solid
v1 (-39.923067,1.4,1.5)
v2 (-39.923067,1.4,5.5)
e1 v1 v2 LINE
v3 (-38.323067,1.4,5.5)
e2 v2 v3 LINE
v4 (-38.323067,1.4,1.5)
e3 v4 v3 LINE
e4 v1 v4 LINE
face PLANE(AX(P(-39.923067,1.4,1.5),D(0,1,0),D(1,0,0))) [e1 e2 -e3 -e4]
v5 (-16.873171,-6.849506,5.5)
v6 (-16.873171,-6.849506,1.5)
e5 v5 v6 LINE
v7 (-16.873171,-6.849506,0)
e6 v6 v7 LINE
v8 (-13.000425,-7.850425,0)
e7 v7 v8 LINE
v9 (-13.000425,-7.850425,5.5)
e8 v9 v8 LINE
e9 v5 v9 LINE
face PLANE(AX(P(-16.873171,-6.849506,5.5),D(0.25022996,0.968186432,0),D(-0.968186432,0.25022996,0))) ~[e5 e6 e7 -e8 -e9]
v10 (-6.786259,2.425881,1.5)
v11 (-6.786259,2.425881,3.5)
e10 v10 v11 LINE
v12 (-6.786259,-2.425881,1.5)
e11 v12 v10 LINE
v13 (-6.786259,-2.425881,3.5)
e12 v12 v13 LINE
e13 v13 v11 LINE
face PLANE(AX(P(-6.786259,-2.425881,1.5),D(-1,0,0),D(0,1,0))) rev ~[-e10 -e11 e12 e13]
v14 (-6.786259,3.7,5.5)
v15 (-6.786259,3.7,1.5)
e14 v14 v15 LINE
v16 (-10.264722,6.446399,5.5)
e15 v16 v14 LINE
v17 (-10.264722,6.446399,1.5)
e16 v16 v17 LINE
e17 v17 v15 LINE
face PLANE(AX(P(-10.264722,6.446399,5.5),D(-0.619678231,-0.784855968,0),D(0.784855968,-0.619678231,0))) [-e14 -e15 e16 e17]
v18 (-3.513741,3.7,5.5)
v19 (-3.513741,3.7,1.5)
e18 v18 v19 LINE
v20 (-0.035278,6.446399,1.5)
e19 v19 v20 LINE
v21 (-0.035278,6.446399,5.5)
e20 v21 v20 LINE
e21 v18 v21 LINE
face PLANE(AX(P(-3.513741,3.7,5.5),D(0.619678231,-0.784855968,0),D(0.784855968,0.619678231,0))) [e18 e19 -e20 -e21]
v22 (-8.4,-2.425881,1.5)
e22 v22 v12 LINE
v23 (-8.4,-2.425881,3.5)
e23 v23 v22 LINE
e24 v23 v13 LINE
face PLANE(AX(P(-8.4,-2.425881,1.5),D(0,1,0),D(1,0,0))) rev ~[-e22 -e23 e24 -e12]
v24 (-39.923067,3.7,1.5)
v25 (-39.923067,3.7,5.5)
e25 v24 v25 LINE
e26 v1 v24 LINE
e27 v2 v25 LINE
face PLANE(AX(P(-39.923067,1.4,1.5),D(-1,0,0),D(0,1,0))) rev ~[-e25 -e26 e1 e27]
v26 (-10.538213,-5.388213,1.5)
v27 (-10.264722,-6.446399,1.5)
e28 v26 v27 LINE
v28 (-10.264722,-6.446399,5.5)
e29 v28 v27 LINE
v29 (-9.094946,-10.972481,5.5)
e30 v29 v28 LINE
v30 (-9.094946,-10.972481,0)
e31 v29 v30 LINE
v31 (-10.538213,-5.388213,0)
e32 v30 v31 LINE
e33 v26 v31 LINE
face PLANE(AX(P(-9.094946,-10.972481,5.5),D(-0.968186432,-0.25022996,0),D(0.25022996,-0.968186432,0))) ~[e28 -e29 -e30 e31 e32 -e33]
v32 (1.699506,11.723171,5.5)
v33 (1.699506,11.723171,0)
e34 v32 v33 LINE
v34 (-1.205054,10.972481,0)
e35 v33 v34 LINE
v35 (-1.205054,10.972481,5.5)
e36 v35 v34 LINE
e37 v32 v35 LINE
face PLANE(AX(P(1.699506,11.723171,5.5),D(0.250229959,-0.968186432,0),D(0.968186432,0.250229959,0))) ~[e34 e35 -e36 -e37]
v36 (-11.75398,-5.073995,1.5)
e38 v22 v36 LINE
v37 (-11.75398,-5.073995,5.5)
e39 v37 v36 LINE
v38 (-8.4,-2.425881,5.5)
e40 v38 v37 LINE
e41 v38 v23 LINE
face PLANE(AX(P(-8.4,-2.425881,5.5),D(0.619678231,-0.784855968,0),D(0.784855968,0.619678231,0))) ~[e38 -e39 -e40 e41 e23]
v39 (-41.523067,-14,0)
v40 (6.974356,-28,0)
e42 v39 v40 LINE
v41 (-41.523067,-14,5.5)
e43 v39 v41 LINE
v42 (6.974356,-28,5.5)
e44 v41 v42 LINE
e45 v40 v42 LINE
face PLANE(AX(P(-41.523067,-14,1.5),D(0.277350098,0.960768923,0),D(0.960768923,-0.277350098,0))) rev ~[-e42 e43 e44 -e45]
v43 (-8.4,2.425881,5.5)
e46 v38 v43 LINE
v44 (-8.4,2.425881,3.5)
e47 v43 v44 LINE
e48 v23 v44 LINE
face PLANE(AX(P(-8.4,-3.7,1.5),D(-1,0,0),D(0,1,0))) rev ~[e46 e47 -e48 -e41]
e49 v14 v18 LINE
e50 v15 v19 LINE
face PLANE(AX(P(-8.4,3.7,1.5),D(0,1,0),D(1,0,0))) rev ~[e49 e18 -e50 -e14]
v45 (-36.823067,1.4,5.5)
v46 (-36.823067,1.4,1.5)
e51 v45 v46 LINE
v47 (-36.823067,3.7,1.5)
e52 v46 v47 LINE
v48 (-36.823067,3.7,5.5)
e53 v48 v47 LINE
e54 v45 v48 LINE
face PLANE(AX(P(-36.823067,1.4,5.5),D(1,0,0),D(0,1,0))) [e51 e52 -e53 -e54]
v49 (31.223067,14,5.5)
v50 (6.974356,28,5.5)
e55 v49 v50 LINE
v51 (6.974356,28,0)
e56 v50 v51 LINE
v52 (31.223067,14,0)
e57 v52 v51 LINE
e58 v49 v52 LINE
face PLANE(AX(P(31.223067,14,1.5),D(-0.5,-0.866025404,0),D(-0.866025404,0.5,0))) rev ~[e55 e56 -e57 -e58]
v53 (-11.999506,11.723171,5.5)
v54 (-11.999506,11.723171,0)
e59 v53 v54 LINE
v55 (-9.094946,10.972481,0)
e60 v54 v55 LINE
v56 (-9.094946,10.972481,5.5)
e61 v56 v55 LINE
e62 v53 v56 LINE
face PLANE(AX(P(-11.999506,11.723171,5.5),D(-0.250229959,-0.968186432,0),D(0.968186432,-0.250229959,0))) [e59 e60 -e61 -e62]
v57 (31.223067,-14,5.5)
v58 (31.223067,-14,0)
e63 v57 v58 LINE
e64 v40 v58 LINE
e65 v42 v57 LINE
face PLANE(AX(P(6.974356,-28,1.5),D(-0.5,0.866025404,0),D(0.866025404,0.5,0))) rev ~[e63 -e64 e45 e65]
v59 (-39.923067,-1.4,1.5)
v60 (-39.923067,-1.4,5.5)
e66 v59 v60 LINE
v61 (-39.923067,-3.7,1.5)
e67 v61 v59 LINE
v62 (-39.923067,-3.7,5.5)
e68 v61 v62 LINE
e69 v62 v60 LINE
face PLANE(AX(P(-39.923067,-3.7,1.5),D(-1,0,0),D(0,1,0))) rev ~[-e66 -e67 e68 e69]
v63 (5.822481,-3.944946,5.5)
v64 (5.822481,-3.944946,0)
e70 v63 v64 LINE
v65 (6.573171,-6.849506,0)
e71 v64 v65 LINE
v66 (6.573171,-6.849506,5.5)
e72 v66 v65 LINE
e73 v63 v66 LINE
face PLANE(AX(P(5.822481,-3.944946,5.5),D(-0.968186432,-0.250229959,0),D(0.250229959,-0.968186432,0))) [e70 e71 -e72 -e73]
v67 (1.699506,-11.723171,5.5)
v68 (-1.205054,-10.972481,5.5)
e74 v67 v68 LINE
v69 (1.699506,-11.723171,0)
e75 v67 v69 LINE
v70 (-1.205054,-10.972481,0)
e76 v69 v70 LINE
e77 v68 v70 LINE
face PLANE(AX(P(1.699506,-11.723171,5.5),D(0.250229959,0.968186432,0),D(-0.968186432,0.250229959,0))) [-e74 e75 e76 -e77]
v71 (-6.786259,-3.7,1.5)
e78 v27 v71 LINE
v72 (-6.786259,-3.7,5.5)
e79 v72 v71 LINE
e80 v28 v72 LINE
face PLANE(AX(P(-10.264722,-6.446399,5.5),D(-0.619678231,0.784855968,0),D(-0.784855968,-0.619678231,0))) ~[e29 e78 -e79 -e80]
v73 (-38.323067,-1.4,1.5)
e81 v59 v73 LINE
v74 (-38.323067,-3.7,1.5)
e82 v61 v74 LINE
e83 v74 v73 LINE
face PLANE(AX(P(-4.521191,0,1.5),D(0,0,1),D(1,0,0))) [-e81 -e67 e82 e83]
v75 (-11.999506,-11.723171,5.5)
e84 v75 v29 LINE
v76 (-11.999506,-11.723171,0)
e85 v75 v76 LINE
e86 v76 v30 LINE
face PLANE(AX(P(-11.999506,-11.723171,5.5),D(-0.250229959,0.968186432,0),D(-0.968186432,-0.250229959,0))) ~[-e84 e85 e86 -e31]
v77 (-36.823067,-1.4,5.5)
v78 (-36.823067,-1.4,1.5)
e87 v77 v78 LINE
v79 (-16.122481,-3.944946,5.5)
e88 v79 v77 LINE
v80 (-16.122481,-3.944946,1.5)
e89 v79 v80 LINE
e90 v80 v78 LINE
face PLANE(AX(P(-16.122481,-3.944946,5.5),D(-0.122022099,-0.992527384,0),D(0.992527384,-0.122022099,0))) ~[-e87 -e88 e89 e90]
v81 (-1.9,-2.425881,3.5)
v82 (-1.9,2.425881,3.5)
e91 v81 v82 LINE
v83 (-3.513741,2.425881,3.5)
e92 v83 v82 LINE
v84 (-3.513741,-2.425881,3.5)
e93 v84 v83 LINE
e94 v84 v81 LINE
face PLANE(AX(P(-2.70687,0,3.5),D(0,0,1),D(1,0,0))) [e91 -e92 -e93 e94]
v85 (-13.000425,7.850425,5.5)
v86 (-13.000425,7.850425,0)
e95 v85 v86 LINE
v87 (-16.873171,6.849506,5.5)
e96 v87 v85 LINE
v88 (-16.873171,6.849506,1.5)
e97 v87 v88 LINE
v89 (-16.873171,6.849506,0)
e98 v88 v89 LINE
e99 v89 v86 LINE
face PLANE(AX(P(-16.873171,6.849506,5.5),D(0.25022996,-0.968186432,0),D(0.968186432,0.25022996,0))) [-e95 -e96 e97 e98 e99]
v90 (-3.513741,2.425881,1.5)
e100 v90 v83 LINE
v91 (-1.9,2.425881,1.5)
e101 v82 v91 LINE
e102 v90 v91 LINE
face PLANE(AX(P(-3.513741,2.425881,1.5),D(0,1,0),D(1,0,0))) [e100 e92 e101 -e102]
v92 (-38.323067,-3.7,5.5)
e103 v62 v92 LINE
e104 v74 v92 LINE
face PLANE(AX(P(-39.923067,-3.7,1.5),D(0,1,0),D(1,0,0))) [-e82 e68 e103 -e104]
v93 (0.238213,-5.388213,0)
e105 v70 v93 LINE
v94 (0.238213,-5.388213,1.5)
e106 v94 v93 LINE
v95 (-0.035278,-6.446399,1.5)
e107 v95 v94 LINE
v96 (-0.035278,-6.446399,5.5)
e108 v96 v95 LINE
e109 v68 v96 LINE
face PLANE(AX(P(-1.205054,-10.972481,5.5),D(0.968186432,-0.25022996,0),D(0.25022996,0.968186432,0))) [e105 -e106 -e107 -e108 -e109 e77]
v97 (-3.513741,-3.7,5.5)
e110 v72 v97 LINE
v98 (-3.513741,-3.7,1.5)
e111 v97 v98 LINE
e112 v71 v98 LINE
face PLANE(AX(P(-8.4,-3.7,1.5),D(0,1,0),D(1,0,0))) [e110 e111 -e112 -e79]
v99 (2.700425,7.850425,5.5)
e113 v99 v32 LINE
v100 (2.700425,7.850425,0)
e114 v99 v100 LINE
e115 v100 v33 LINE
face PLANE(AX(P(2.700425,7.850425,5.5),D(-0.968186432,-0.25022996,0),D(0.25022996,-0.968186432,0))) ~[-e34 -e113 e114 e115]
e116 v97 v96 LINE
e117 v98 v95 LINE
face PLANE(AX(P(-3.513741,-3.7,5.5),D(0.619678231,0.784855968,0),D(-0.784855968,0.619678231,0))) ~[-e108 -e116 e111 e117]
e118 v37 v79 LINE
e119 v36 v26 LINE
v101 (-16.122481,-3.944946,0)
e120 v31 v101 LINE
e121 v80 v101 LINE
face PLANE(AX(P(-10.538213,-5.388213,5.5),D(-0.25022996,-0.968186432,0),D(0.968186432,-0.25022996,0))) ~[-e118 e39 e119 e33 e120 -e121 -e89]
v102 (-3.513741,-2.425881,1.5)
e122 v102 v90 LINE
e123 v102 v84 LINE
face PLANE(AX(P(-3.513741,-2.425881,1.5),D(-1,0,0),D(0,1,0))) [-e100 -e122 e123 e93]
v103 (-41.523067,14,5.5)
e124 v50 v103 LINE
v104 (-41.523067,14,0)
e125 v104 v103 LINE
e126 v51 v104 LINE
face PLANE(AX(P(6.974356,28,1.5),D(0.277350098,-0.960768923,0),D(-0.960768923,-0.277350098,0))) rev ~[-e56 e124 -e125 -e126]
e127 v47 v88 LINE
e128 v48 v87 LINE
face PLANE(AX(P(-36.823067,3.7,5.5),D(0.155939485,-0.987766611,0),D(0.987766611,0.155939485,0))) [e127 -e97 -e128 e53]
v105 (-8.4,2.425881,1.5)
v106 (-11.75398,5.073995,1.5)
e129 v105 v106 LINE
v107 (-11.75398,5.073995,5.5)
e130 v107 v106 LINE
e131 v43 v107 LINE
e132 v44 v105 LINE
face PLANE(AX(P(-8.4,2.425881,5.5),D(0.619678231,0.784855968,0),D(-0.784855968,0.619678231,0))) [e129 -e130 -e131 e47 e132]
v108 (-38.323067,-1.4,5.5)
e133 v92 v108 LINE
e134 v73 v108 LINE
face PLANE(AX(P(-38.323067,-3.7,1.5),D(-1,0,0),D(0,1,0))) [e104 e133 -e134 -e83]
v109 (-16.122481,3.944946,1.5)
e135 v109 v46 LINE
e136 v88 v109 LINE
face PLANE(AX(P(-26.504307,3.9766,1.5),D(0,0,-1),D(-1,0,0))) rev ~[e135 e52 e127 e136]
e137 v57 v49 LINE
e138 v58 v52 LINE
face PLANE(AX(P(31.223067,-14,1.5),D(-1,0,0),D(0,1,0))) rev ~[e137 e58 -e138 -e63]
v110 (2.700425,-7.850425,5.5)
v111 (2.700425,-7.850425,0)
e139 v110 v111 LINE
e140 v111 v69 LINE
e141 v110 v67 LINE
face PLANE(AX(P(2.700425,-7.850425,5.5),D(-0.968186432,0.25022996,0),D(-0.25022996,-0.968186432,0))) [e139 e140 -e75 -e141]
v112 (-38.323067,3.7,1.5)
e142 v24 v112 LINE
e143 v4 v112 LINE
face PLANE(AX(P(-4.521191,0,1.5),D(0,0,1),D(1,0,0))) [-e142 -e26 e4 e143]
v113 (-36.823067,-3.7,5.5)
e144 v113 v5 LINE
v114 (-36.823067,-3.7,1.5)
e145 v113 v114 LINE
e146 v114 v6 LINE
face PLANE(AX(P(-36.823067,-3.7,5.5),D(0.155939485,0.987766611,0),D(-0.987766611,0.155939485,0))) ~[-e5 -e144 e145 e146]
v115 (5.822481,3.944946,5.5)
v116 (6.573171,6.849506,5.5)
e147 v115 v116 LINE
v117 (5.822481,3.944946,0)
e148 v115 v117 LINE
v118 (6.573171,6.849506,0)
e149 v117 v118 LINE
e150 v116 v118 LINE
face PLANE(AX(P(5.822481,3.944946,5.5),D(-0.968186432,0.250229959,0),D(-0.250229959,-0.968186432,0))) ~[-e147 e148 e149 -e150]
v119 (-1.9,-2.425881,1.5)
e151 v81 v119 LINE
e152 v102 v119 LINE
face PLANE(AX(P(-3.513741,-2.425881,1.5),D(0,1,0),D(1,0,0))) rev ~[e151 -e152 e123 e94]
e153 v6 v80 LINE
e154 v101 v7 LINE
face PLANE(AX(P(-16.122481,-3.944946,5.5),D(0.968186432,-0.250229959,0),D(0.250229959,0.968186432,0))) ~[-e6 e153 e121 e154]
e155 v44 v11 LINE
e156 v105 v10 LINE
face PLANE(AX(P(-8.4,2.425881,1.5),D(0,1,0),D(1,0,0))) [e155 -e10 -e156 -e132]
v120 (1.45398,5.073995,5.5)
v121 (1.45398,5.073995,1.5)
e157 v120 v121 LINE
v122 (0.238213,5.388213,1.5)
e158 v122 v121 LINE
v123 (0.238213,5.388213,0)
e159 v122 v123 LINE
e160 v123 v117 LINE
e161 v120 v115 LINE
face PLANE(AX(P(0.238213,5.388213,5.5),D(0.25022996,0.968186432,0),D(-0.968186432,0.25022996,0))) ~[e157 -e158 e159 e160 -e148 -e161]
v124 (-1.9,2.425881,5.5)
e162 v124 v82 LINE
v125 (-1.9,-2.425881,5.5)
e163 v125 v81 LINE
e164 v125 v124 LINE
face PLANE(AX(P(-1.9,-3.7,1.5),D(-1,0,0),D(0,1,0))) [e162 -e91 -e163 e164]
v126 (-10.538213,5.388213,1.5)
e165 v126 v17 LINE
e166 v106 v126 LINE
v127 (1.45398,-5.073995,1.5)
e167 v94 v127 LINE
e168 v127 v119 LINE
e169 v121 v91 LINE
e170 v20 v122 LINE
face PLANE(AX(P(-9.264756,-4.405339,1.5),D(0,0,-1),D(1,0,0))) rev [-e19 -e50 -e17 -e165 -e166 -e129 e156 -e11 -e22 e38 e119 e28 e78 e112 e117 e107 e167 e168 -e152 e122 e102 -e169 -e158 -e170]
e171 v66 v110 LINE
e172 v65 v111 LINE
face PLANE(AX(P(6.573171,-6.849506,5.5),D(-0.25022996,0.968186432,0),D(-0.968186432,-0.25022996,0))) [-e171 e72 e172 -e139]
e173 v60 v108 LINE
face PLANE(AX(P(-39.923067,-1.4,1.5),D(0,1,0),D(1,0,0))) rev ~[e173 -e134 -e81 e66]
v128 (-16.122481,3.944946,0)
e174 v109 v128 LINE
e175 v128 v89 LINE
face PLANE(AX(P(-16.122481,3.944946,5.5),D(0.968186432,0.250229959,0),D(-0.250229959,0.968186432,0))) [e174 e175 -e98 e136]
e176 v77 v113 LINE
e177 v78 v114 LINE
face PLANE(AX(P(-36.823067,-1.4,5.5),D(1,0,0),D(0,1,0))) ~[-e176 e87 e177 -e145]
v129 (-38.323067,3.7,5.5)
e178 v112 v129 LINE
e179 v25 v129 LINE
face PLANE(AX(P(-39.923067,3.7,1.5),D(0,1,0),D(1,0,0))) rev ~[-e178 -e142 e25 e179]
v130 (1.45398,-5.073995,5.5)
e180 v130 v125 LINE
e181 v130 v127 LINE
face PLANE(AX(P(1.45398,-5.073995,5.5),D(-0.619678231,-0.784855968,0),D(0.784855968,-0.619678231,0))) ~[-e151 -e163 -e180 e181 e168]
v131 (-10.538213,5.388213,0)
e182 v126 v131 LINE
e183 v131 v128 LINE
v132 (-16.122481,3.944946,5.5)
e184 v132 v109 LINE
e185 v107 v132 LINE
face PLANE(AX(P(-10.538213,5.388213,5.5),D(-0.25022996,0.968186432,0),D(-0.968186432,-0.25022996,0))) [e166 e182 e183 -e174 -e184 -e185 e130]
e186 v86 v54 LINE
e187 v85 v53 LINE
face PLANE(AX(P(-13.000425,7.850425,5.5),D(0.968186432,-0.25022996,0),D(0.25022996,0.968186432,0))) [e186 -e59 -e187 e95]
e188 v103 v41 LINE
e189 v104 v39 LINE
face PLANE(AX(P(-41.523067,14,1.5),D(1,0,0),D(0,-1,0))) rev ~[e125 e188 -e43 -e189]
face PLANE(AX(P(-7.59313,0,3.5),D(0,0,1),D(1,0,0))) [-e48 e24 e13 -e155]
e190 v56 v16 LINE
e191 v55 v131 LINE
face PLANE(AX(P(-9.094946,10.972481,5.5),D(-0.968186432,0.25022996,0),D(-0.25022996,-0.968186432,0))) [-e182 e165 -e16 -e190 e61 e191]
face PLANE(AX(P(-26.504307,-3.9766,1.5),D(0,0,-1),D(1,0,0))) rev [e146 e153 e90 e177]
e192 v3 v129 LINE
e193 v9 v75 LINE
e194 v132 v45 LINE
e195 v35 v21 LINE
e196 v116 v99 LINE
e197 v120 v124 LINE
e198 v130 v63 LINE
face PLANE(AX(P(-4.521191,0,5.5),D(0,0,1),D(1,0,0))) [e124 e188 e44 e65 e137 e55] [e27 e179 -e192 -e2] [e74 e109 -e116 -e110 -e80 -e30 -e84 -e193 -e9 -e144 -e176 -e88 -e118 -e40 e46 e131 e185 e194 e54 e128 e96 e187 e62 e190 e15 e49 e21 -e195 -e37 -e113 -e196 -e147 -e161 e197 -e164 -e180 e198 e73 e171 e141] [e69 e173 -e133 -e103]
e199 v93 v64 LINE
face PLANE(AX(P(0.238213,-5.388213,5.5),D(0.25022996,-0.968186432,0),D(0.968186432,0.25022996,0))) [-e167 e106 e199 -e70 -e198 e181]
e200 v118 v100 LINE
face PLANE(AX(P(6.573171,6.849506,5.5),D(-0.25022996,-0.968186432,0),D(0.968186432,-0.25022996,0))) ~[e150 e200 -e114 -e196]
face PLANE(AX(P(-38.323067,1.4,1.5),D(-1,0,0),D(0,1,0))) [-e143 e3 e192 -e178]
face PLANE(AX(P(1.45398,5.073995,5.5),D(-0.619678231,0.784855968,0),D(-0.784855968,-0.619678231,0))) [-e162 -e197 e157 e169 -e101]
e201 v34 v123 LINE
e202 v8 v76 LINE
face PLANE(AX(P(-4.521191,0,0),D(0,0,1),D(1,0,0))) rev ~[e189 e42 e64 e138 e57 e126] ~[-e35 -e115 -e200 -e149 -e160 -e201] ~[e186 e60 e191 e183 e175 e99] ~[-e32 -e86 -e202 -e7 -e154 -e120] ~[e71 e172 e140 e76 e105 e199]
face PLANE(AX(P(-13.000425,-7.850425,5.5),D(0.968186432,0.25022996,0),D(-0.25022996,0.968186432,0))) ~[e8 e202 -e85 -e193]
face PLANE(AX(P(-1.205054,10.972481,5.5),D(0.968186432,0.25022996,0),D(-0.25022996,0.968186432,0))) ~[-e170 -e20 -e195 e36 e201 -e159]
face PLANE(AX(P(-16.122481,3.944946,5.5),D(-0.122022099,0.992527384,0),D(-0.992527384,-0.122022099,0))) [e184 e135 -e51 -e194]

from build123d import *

# Parameters (mm, degrees)
BOSS_EXTRUDE1_DEPTH  = 1.5
BOSS_EXTRUDE2_START  = 1.5
SKETCH1_3_W          = 6.5
SKETCH1_3_H          = 7.4
SKETCH1_3_W_2        = 1.6
SKETCH1_3_H_2        = 2.3
BOSS_EXTRUDE2_DEPTH  = 4
CUT_EXTRUDE1_DEPTH   = 5.5
MIRROR2_COPY_1_DEPTH = 5.5
CUT_EXTRUDE2_DEPTH   = 4
SKETCH6_W            = 1.613740729
SKETCH6_H            = 4.851761748
BOSS_EXTRUDE3_DEPTH  = 2


with BuildPart() as part:
    # Sketch1 → Boss-Extrude1 (new body)
    with BuildSketch(Plane.XY):
        Polygon((6.974355653, -28), (31.223066959, -14), (31.223066959, 14), (6.974355653, 28), (-41.523066959, 14), (-41.523066959, -14), align=None)
    extrude(amount=BOSS_EXTRUDE1_DEPTH)

    # Sketch1<3> → Boss-Extrude2 (add)
    with BuildSketch(Plane.XY.offset(BOSS_EXTRUDE2_START)):
        Polygon((6.974355653, 28), (-41.523066959, 14), (-41.523066959, -14), (6.974355653, -28), (31.223066959, -14), (31.223066959, 14), align=None)
        with Locations((-5.15, 0)):
            Rectangle(SKETCH1_3_W, SKETCH1_3_H, mode=Mode.SUBTRACT)
        with Locations((-39.123066959, -2.55)):
            Rectangle(SKETCH1_3_W_2, SKETCH1_3_H_2, mode=Mode.SUBTRACT)
        with Locations((-39.123066959, 2.55)):
            Rectangle(SKETCH1_3_W_2, SKETCH1_3_H_2, mode=Mode.SUBTRACT)
    extrude(amount=BOSS_EXTRUDE2_DEPTH)

    # WireCutExtrude → Cut-Extrude1 (cut)
    with BuildSketch(Plane.XY.offset(5.5)):
        Polygon((-9.094946311, 10.972481296), (-10.538213003, 5.388213003), (-16.122481296, 3.944946311), (-16.873171174, 6.849505608), (-13.000425446, 7.850425446), (-11.999505608, 11.723171174), align=None)
    cut_extrude1 = extrude(amount=-CUT_EXTRUDE1_DEPTH, mode=Mode.SUBTRACT)

    # Mirror1: Cut-Extrude1 across plane
    add(cut_extrude1.mirror(Plane(origin=(0, 0, 0), x_dir=(0, 0, 1), z_dir=(0, -1, 0))), mode=Mode.SUBTRACT)

    # Mirror2: Cut-Extrude1 across plane
    add(cut_extrude1.mirror(Plane(origin=(-5.15, 0, 0), x_dir=(0, 0, 1), z_dir=(1, 0, 0))), mode=Mode.SUBTRACT)

    # Mirror2 copy 1 sketch → Mirror2 copy 1 (cut)
    with BuildSketch(Plane(origin=(-10.3, 0, 5.5), x_dir=(-1, 0, 0), z_dir=(0, 0, 1))):
        Polygon((-9.094946311, 10.972481296), (-10.538213003, 5.388213003), (-16.122481296, 3.944946311), (-16.873171174, 6.849505608), (-13.000425446, 7.850425446), (-11.999505608, 11.723171174), align=None)
    extrude(amount=-MIRROR2_COPY_1_DEPTH, mode=Mode.SUBTRACT)

    # Sketch5 → Cut-Extrude2 (cut)
    with BuildSketch(Plane.XY.offset(5.5)):
        Polygon((-10.264722381, 6.44639928), (-6.786259271, 3.7), (-8.4, 3.7), (-8.4, 2.425880874), (-11.753980013, 5.073995286), (-10.538213003, 5.388213003), align=None)
        Polygon((-3.513740729, 3.7), (-0.035277619, 6.44639928), (0.238213003, 5.388213003), (1.453980013, 5.073995286), (-1.9, 2.425880874), (-1.9, 3.7), align=None)
        Polygon((-36.823066959, 1.4), (-36.823066959, 3.7), (-16.873171174, 6.849505608), (-16.122481296, 3.944946311), align=None)
    cut_extrude2 = extrude(amount=-CUT_EXTRUDE2_DEPTH, mode=Mode.SUBTRACT)

    # Mirror3: Cut-Extrude2 across plane
    add(cut_extrude2.mirror(Plane(origin=(0, 0, 0), x_dir=(0, 0, 1), z_dir=(0, -1, 0))), mode=Mode.SUBTRACT)

    # Sketch6 → Boss-Extrude3 (add)
    with BuildSketch(Plane.XY.offset(1.5)):
        with Locations((-2.706870365, 0)):
            Rectangle(SKETCH6_W, SKETCH6_H)
        with Locations((-7.593129636, 0)):
            Rectangle(SKETCH6_W, SKETCH6_H)
    extrude(amount=BOSS_EXTRUDE3_DEPTH)


solid = part.part
